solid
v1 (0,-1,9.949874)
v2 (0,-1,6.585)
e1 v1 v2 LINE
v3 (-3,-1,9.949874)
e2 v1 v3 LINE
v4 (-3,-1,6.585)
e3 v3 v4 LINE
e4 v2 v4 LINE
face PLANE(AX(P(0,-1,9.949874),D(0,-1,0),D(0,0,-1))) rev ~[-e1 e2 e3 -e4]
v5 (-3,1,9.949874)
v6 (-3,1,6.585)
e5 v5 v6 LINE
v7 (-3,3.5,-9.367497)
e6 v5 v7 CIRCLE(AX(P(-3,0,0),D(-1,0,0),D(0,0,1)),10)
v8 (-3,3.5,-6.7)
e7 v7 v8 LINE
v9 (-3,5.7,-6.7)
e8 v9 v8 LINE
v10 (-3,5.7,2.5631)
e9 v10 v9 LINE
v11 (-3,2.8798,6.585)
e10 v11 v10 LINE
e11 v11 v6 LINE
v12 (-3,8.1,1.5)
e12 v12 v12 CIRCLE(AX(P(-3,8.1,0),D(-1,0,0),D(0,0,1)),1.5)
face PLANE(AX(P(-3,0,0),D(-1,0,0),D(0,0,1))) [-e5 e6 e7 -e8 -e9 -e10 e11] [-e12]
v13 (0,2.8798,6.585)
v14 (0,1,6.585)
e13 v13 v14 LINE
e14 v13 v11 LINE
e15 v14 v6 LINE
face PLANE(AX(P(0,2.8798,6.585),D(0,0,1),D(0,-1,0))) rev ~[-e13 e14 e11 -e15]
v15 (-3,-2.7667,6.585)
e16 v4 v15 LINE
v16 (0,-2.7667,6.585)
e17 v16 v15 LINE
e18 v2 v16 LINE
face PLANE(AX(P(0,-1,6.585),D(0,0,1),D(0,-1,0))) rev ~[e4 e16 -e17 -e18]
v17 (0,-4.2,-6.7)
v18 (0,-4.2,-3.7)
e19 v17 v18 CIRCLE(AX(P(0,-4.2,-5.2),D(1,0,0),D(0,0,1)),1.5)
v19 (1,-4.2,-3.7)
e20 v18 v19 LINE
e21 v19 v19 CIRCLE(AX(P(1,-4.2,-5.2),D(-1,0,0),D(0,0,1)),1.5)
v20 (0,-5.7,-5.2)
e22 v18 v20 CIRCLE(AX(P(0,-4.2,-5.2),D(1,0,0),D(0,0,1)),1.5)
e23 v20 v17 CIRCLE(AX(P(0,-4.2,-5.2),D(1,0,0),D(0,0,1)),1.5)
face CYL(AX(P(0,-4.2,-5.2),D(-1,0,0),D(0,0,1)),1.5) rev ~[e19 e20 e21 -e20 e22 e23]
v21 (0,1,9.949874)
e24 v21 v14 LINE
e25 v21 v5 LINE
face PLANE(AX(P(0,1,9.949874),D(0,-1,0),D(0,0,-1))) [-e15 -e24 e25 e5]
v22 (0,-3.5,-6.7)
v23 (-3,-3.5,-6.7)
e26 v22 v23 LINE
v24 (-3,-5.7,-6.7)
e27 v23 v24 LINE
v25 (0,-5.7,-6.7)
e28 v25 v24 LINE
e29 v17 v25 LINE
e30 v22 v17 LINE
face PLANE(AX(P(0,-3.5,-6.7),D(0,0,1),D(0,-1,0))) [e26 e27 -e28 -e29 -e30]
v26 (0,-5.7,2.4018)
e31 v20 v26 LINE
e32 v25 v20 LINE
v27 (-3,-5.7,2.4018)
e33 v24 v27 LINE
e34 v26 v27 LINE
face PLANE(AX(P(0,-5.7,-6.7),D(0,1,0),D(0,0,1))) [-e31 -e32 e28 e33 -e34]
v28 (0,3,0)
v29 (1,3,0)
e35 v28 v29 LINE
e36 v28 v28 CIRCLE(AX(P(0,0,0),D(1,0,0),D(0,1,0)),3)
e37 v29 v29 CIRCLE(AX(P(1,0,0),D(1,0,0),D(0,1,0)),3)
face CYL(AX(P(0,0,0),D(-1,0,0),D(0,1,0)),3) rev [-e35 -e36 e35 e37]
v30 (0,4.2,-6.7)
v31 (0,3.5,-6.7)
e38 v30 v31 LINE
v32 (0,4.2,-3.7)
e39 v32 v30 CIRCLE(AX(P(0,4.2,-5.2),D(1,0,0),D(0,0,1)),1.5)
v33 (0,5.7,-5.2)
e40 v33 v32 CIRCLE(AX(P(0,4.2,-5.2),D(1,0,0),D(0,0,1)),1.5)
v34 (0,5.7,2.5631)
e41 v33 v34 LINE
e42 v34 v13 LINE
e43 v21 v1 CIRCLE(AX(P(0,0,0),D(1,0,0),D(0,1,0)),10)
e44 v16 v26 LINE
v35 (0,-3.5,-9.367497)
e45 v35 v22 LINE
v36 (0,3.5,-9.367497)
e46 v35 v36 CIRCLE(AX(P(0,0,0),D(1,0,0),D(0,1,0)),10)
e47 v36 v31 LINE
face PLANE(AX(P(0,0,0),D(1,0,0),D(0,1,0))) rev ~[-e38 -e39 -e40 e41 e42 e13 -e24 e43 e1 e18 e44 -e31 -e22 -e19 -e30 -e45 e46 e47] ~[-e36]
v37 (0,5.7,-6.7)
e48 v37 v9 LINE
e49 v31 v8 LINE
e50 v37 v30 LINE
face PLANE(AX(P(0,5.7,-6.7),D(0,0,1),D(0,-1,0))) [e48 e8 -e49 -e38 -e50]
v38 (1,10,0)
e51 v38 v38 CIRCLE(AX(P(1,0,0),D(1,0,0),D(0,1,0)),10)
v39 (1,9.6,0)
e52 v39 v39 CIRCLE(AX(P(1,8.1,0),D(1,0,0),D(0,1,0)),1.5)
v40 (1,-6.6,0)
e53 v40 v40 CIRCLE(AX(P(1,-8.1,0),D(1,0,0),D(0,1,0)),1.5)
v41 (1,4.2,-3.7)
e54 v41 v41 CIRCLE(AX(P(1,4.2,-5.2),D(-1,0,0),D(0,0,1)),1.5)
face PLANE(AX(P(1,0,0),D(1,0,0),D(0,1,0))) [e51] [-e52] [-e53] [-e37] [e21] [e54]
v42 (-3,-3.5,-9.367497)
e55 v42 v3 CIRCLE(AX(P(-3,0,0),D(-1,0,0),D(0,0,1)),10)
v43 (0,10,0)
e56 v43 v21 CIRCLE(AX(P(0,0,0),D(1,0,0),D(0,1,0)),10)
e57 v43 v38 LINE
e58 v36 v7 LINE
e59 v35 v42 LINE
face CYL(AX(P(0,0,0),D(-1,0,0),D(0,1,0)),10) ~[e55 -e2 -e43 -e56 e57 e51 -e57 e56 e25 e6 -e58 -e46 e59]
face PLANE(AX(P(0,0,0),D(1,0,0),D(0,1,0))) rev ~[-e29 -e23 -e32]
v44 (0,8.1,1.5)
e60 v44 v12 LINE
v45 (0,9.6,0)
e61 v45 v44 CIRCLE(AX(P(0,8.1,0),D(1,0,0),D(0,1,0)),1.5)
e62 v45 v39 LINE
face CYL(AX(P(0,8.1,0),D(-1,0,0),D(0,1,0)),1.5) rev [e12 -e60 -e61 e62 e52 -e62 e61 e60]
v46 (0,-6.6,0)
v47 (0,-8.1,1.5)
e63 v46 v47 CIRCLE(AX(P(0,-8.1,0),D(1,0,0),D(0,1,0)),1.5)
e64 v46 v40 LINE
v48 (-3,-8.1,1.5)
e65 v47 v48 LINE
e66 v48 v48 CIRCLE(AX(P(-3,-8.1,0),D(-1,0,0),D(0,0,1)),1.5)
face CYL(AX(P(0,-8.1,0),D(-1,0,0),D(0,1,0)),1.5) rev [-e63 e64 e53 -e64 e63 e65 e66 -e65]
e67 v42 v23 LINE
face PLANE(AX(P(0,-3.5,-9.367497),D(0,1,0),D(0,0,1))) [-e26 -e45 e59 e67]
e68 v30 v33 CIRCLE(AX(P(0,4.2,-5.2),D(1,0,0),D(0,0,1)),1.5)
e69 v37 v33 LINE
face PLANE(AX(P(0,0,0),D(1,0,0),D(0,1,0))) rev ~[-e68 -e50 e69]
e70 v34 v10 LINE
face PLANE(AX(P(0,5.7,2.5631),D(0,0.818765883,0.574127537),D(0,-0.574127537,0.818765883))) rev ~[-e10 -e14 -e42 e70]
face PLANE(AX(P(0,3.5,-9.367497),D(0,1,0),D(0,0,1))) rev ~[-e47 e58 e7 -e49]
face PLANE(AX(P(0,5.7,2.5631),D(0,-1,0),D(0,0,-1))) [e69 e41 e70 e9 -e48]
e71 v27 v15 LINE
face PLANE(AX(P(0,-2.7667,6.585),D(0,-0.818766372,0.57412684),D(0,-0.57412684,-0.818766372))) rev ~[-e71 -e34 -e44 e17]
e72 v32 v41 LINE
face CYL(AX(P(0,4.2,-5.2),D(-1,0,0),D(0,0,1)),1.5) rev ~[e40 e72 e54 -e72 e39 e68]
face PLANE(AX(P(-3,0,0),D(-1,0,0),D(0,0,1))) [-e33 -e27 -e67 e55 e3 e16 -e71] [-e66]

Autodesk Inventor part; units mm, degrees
ref_plane "YZ Plane" through (0, 0, 0) normal (1, 0, 0) x (0, 1, 0)
ref_plane "XZ Plane" through (0, 0, 0) normal (0, 1, 0) x (-1, 0, 0)
ref_plane "XY Plane" through (0, 0, 0) normal (0, 0, 1) x (1, 0, 0)
sketch "Sketch1" plane through (0, 0, 0) normal (1, 0, 0) x (0, 1, 0)
  circle A0 centre (0, 0) radius 10
  line L0 (10, 0) -> (8.1, 0)
  circle A1 centre (8.1, 0) radius 1.5
  circle A2 centre (0, 0) radius 3
  circle A3 centre (-8.1, 0) radius 1.5
  dimension "d0" = 20
  dimension "d1" = 1.9
  dimension "d2" = 3
  dimension "d3" = 6
  dimension "d29" = 360
extrude "Extrusion1" add sketch "Sketch1" along normal blind 1
sketch "Sketch2" plane through (0, 0, 0) normal (-1, 0, 0) x (0, 0, 1)
  line L0 (0, 5.5) -> (-6.5, 5.5)
  line L1 (0, 5.5) -> (2.5, 5.5)
  line L2 (6.0478, 3.0122) -> (6.0478, -2.8019)
  line L3 (-6.5, -5.5) -> (-6.5, 5.5)
  line L4 (5.5, 5.498) -> (2.5, 5.5)
  line L5 (2.5, 5.5) -> (6.0478, 3.0122)
  line L6 (5.2, -5.498) -> (2.2, -5.5)
  line L7 (2.2, -5.5) -> (6.0478, -2.8019)
  line L8 (2.2, -5.5) -> (-6.5, -5.5)
  line L9 (2.5631, 5.7) -> (6.585, 2.8798)
  line L10 (6.585, 2.8798) -> (6.585, -2.7667)
  line L11 (6.585, -2.7667) -> (2.4018, -5.7)
  line L12 (2.5631, 5.7) -> (0, 5.7)
  line L13 (0, 5.7) -> (-6.7, 5.7)
  line L14 (-6.7, 5.7) -> (-6.7, -5.7)
  line L15 (-6.7, -5.7) -> (2.4018, -5.7)
  circle A0 centre (0, 0) radius 10
  circle A1 centre (0, 0) radius 10 projected
  line L16 (10, 0) -> (10, 1)
  line L17 (10, 1) -> (6.585, 1)
  line L18 (10, 0) -> (10, -1)
  line L19 (10, 0) -> (11, 0) construction
  line L20 (10, -1) -> (6.585, -1)
  line L21 (-10, 0) -> (-10, 3.5)
  line L22 (-10, 3.5) -> (-6.7, 3.5)
  line L23 (-10, 0) -> (-10, -3.5)
  line L24 (-10, -3.5) -> (-6.7, -3.5)
  circle A2 centre (0, 8.1) radius 1.5 projected
  circle A3 centre (0, 8.1) radius 1.5
  circle A4 centre (0, -8.1) radius 1.5
  point P0 (-9.3675, -3.5)
  point P1 (9.9499, -1)
  point P2 (9.9499, 1)
  point P3 (-9.3675, 3.5)
  dimension "d6" = 5.5
  dimension "d7" = 6.5
  dimension "d8" = 5.5
  dimension "d9" = 11
  dimension "d10" = 3
  dimension "d11" = 35
  dimension "d12" = 3
  dimension "d13" = 35
  dimension "d14" = 0.2
  dimension "d15" = 0.2
  dimension "d18" = 1
  dimension "d19" = 1
  dimension "d20" = 270
  dimension "d21" = 3.5
  dimension "d22" = 3.5
  dimension "d33" = 360
extrude "Extrusion2" add sketch "Sketch2" along normal blind 3 contours L9 L12 L13 L14 L22 A0 L17 L10 | L11 L10 L20 A0 L24 L14 L15
sketch "Sketch3" plane through (0, 0, 0) normal (-1, 0, 0) x (0, 0, 1)
  circle A0 centre (-5.2, 4.2) radius 1.5
  circle A1 centre (-5.2, -4.2) radius 1.5
  line L0 (-6.7, 5.7) -> (2.5631, 5.7) projected
  line L1 (-6.7, 3.5) -> (-6.7, 5.7) projected
  line L2 (-6.7, -5.7) -> (-6.7, -3.5) projected
  line L3 (2.4018, -5.7) -> (-6.7, -5.7) projected
  point P0 (0, 0)
  dimension "d23" = 3
  dimension "d24" = 3
extrude "Extrusion3" cut sketch "Sketch3" against normal blind 10 contours A0 | A1
properties part number "potentiometer_holder"
